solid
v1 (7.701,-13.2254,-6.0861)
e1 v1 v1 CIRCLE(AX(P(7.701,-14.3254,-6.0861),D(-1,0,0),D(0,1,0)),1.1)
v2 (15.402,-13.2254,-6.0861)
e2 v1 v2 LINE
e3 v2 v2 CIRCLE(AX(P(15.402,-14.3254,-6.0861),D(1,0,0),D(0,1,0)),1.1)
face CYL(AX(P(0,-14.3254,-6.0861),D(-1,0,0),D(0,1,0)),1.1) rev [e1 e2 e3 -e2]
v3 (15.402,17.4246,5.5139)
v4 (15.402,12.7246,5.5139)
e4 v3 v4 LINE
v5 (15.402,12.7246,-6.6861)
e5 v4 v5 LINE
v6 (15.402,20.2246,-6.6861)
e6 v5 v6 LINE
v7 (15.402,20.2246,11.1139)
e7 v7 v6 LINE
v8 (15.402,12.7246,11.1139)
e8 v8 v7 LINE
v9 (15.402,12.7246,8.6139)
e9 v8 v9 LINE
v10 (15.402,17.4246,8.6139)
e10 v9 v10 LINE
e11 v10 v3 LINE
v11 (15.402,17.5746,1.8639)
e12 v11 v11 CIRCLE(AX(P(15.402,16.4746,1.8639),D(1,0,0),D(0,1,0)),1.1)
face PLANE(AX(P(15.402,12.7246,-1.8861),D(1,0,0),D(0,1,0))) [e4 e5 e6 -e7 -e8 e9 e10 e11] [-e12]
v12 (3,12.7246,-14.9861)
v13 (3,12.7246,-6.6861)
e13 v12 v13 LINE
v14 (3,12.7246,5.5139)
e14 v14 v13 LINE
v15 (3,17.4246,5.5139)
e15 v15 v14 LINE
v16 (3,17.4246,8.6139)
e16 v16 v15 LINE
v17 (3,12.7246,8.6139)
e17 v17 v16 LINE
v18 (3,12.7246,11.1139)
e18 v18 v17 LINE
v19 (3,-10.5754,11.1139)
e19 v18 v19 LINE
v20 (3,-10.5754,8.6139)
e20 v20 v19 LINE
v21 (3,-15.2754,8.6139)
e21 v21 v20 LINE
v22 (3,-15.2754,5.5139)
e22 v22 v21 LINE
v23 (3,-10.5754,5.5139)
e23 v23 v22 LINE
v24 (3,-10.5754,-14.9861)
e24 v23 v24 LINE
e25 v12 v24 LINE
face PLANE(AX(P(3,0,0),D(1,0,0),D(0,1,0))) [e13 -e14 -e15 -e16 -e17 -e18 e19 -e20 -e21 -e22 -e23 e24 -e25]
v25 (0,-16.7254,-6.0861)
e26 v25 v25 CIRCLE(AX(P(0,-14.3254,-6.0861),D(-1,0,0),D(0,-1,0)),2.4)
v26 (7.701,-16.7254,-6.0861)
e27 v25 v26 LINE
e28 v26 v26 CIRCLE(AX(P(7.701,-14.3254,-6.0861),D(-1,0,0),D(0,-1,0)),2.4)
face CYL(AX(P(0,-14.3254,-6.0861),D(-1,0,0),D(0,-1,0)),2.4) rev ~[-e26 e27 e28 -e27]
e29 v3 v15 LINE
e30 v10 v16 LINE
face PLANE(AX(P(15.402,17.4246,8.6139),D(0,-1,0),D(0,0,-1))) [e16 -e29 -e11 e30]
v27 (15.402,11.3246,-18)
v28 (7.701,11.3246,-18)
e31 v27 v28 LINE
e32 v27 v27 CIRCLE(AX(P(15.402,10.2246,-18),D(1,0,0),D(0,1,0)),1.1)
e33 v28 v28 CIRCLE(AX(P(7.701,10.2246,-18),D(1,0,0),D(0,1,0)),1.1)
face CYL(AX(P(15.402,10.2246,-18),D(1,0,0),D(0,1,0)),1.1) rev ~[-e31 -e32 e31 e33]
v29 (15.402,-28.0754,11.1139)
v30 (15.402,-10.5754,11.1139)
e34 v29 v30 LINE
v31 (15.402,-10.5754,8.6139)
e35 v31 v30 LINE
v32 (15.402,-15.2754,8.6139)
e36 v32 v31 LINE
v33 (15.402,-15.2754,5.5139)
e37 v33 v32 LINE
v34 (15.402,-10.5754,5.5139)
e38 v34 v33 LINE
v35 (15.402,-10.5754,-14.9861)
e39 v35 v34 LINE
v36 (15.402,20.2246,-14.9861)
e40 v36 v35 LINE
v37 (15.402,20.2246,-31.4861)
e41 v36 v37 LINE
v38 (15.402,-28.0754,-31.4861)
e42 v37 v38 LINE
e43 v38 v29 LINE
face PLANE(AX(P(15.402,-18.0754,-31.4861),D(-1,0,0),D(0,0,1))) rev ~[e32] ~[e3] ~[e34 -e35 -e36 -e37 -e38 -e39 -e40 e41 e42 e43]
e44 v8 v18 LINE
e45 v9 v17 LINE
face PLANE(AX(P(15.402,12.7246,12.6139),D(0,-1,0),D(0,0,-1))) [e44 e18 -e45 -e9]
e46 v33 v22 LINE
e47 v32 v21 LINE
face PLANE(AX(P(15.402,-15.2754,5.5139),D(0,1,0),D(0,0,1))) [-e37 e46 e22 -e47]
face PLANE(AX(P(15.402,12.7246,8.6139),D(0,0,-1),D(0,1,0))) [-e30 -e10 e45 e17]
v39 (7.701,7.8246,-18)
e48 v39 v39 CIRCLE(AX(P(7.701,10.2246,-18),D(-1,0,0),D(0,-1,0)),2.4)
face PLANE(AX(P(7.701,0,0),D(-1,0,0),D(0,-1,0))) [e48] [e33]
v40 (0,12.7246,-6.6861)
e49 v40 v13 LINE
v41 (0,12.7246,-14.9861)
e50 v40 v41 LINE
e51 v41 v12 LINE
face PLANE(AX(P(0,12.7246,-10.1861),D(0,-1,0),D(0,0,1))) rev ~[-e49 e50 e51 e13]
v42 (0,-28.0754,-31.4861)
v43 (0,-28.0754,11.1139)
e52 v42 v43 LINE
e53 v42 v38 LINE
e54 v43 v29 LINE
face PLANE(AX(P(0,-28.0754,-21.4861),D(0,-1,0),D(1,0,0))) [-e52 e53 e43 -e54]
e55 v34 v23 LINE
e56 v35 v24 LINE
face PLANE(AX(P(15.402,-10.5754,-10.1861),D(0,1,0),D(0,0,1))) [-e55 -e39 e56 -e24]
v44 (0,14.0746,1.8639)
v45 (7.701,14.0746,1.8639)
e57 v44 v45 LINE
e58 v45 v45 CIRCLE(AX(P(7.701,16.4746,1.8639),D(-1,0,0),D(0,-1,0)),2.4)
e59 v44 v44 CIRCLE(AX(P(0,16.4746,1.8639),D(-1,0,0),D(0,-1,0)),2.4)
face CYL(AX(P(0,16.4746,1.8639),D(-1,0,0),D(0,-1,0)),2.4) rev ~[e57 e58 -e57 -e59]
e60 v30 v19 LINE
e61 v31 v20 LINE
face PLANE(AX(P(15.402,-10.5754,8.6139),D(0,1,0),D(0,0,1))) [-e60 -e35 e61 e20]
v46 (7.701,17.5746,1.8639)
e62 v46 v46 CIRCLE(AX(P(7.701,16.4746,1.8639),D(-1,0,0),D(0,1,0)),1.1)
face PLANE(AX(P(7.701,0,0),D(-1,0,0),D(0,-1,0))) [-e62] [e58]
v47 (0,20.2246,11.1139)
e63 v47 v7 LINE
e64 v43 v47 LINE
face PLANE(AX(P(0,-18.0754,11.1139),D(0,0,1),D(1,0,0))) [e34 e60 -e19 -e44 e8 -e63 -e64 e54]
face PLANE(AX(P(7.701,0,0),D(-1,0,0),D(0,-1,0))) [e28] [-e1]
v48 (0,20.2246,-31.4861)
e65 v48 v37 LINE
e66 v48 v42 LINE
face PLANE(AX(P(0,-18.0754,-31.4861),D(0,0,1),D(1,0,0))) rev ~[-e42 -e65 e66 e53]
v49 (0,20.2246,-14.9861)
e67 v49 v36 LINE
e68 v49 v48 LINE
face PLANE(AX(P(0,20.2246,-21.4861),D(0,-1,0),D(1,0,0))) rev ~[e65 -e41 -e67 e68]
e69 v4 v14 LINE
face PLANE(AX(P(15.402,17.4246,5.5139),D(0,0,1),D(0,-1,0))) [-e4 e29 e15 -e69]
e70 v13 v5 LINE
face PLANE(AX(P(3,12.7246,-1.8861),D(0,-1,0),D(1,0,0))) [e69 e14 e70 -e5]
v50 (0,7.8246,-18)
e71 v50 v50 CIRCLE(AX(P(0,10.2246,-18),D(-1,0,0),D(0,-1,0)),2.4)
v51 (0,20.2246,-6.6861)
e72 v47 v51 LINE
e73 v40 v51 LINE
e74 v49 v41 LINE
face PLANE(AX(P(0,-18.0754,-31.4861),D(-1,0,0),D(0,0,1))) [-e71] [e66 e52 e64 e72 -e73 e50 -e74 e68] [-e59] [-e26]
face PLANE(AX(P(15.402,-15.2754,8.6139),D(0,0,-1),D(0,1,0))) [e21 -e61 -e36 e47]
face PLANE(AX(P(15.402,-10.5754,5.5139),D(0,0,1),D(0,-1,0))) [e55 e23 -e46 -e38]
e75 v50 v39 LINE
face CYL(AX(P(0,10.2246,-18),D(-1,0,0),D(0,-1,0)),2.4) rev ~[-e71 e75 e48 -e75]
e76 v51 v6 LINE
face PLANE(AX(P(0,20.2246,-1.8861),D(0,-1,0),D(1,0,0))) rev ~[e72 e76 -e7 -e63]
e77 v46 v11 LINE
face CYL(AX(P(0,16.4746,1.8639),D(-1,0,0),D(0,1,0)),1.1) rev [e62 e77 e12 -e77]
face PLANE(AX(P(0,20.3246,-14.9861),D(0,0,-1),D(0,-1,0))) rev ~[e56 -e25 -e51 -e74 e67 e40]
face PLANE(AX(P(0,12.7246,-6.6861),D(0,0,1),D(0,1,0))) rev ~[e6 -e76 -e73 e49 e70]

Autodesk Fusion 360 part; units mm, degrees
sketch "Sketch1" plane through (0, 0, 0) normal (1, 0, 0) x (0, 1, 0)
  line L0 (-18.1754, 12.6139) -> (20.3246, 12.6139)
  line L1 (20.3246, 12.6139) -> (20.3246, -16.0861)
  line L2 (20.3246, -16.0861) -> (-18.1754, -16.0861)
  line L3 (-18.1754, -16.0861) -> (-18.1754, 12.6139)
  line L4 (20.3246, -10.1861) -> (12.7246, -10.1861)
  line L5 (12.7246, -10.1861) -> (12.7246, -1.8861)
  line L6 (12.7246, -1.8861) -> (20.3246, -1.8861)
  line L7 (20.3246, -1.8861) -> (20.3246, -10.1861)
  circle A0 centre (16.4746, 1.8639) radius 1.1
  circle A1 centre (-14.3254, -6.0861) radius 1.1
  dimension "d2" = 38.5
  dimension "d3" = 28.7
  dimension "d4" = 7.6
  dimension "d5" = 8.3
  dimension "d6" = 5.9
  dimension "d7" = 2.2
  dimension "d8" = 3.75
  dimension "d9" = 3.85
  dimension "d10" = 2.2
  dimension "d11" = 10
  dimension "d12" = 3.85
extrude "Extrude1" add sketch "Sketch1" along normal blind 15.402 contours L0 L1 L2 L3 L4 L5 L6
sketch "Sketch2" plane through (15.402, 0, 0) normal (1, 0, 0) x (0, 1, 0)
  circle A0 centre (-14.3254, -6.0861) radius 1.1
  circle A1 centre (16.4746, 1.8639) radius 1.1
  line L0 (20.3246, -10.1861) -> (12.7246, -10.1861)
  line L1 (12.7246, -10.1861) -> (12.7246, -1.8861)
  line L2 (12.7246, -1.8861) -> (20.3246, -1.8861)
  line L3 (20.3246, -1.8861) -> (20.3246, 12.6139)
  line L4 (20.3246, 12.6139) -> (-18.1754, 12.6139)
  line L5 (-18.1754, 12.6139) -> (-18.1754, -16.0861)
  line L6 (-18.1754, -16.0861) -> (20.3246, -16.0861)
  line L7 (20.3246, -16.0861) -> (20.3246, -10.1861)
  line L8 (12.7246, -10.1861) -> (-10.5754, -10.1861)
  line L9 (-10.5754, -10.1861) -> (-10.5754, 12.6139)
  line L10 (-10.5754, 12.6139) -> (12.7246, 12.6139)
  line L11 (12.7246, 12.6139) -> (12.7246, -10.1861)
  line L12 (12.7246, 8.6139) -> (17.4246, 8.6139)
  line L13 (17.4246, 8.6139) -> (17.4246, 5.5139)
  line L14 (17.4246, 5.5139) -> (12.7246, 5.5139)
  line L15 (12.7246, 5.5139) -> (12.7246, 8.6139)
  line L16 (-10.5754, 5.5139) -> (-15.2754, 5.5139)
  line L17 (-15.2754, 5.5139) -> (-15.2754, 8.6139)
  line L18 (-15.2754, 8.6139) -> (-10.5754, 8.6139)
  line L19 (-10.5754, 8.6139) -> (-10.5754, 5.5139)
  dimension "d15" = 23.3
  dimension "d16" = 4.7
  dimension "d17" = 3.1
  dimension "d18" = 21.6
  dimension "d19" = 4.7
  dimension "d20" = 3.1
  dimension "d21" = 21.6
extrude "Extrude2" cut sketch "Sketch2" against normal blind 12.402 contours L1 L4 L8 L9 L10 L11 L15 L19 | L11 L12 L13 L14 L15 | L9 L16 L17 L18 L19
sketch "Sketch3" plane through (0, 0, 0) normal (-1, 0, 0) x (0, -1, 0)
  circle A0 centre (14.3254, -6.0861) radius 1.1
  circle A1 centre (-16.4746, 1.8639) radius 1.1
  line L0 (-12.7246, -10.1861) -> (-20.3246, -10.1861)
  line L1 (-20.3246, -10.1861) -> (-20.3246, -16.0861)
  line L2 (-20.3246, -16.0861) -> (18.1754, -16.0861)
  line L3 (18.1754, -16.0861) -> (18.1754, 12.6139)
  line L4 (18.1754, 12.6139) -> (-20.3246, 12.6139)
  line L5 (-20.3246, 12.6139) -> (-20.3246, -1.8861)
  line L6 (-20.3246, -1.8861) -> (-12.7246, -1.8861)
  line L7 (-12.7246, -1.8861) -> (-12.7246, -10.1861)
  circle A2 centre (-16.4746, 1.8639) radius 2.4
  circle A3 centre (14.3254, -6.0861) radius 2.4
  dimension "d24" = 4.8
  dimension "d25" = 4.8
extrude "Extrude3" cut sketch "Sketch3" against normal blind 7.701 contours A2
extrude "Extrude4" cut sketch "Sketch3" against normal blind 7.701 contours A3
extrude "Extrude5" cut 1 faces at (11.268, 7.4913, -10.1861) along direction (0, 0, -1) blind 4.8
extrude "Extrude6" add 1 faces at (5.134, 7.4913, -16.0861) along direction (0, 0, -1) blind 5
extrude "Extrude7" cut 1 faces at (5.134, 7.4913, -21.0861) along direction (0, 0, 1) blind 0.1
extrude "Extrude8" cut 1 faces at (5.134, -18.1754, 1.4139) along direction (0, 1, 0) blind 0.1
extrude "Extrude9" cut 1 faces at (5.134, 20.3246, 7.7806) along direction (0, -1, 0) blind 0.1
extrude "Extrude10" cut 1 faces at (5.134, 20.3246, -18.9861) along direction (0, -1, 0) blind 0.1
extrude "Extrude11" cut 1 faces at (6.134, 17.7246, 12.6139) along direction (0, 0, -1) blind 1
extrude "Extrude12" cut 1 faces at (6.134, 17.7246, 11.6139) along direction (0, 0, -1) blind 0.5
sketch "Sketch4" plane through (15.402, 0, 0) normal (1, 0, 0) x (0, 1, 0)
  line L0 (-10.5754, 11.1139) -> (-18.0754, 11.1139)
  line L1 (-18.0754, 11.1139) -> (-18.0754, -20.9861)
  line L2 (-18.0754, -20.9861) -> (20.2246, -20.9861)
  line L3 (20.2246, -20.9861) -> (20.2246, -14.9861)
  line L4 (20.2246, -14.9861) -> (-10.5754, -14.9861)
  line L5 (-10.5754, -14.9861) -> (-10.5754, 5.5139)
  line L6 (-10.5754, 5.5139) -> (-15.2754, 5.5139)
  line L7 (-15.2754, 5.5139) -> (-15.2754, 8.6139)
  line L8 (-15.2754, 8.6139) -> (-10.5754, 8.6139)
  line L9 (-10.5754, 8.6139) -> (-10.5754, 11.1139)
  circle A0 centre (-14.3254, -6.0861) radius 1.1
  circle A1 centre (10.2246, -18) radius 1.1
  dimension "d46" = 2.2
  dimension "d72" = 10
extrude "Extrude13" cut sketch "Sketch4" against normal blind 15.402 contours A1
sketch "Sketch5" plane through (0, 0, 0) normal (-1, 0, 0) x (0, -1, 0)
  circle A0 centre (-10.2246, -18) radius 1.1
  line L0 (18.0754, 11.1139) -> (-20.2246, 11.1139)
  line L1 (-20.2246, 11.1139) -> (-20.2246, -1.8861)
  line L2 (-20.2246, -1.8861) -> (-12.7246, -1.8861)
  line L3 (-12.7246, -1.8861) -> (-12.7246, -14.9861)
  line L4 (-12.7246, -14.9861) -> (-20.2246, -14.9861)
  line L5 (-20.2246, -14.9861) -> (-20.2246, -20.9861)
  line L6 (-20.2246, -20.9861) -> (18.0754, -20.9861)
  line L7 (18.0754, -20.9861) -> (18.0754, 11.1139)
  circle A1 centre (14.3254, -6.0861) radius 2.4
  circle A2 centre (-16.4746, 1.8639) radius 2.4
  circle A3 centre (-10.2246, -18) radius 2.4
  dimension "d49" = 4.8
extrude "Extrude14" cut sketch "Sketch5" against normal blind 7.701 contours A3
extrude "Extrude15" add 1 faces at (6.134, 17.7246, -1.8861) along direction (0, 0, -1) blind 4.8
extrude "Extrude16" add 1 faces at (5.134, 7.4579, -20.9861) along direction (0, 0, -1) blind 0.5
extrude "Extrude17" add 1 faces at (5.134, 7.4579, -21.4861) along direction (0, 0, -1) blind 10
extrude "Extrude18" add 1 faces at (5.134, -18.0754, -3.0861) along direction (0, -1, 0) blind 10
